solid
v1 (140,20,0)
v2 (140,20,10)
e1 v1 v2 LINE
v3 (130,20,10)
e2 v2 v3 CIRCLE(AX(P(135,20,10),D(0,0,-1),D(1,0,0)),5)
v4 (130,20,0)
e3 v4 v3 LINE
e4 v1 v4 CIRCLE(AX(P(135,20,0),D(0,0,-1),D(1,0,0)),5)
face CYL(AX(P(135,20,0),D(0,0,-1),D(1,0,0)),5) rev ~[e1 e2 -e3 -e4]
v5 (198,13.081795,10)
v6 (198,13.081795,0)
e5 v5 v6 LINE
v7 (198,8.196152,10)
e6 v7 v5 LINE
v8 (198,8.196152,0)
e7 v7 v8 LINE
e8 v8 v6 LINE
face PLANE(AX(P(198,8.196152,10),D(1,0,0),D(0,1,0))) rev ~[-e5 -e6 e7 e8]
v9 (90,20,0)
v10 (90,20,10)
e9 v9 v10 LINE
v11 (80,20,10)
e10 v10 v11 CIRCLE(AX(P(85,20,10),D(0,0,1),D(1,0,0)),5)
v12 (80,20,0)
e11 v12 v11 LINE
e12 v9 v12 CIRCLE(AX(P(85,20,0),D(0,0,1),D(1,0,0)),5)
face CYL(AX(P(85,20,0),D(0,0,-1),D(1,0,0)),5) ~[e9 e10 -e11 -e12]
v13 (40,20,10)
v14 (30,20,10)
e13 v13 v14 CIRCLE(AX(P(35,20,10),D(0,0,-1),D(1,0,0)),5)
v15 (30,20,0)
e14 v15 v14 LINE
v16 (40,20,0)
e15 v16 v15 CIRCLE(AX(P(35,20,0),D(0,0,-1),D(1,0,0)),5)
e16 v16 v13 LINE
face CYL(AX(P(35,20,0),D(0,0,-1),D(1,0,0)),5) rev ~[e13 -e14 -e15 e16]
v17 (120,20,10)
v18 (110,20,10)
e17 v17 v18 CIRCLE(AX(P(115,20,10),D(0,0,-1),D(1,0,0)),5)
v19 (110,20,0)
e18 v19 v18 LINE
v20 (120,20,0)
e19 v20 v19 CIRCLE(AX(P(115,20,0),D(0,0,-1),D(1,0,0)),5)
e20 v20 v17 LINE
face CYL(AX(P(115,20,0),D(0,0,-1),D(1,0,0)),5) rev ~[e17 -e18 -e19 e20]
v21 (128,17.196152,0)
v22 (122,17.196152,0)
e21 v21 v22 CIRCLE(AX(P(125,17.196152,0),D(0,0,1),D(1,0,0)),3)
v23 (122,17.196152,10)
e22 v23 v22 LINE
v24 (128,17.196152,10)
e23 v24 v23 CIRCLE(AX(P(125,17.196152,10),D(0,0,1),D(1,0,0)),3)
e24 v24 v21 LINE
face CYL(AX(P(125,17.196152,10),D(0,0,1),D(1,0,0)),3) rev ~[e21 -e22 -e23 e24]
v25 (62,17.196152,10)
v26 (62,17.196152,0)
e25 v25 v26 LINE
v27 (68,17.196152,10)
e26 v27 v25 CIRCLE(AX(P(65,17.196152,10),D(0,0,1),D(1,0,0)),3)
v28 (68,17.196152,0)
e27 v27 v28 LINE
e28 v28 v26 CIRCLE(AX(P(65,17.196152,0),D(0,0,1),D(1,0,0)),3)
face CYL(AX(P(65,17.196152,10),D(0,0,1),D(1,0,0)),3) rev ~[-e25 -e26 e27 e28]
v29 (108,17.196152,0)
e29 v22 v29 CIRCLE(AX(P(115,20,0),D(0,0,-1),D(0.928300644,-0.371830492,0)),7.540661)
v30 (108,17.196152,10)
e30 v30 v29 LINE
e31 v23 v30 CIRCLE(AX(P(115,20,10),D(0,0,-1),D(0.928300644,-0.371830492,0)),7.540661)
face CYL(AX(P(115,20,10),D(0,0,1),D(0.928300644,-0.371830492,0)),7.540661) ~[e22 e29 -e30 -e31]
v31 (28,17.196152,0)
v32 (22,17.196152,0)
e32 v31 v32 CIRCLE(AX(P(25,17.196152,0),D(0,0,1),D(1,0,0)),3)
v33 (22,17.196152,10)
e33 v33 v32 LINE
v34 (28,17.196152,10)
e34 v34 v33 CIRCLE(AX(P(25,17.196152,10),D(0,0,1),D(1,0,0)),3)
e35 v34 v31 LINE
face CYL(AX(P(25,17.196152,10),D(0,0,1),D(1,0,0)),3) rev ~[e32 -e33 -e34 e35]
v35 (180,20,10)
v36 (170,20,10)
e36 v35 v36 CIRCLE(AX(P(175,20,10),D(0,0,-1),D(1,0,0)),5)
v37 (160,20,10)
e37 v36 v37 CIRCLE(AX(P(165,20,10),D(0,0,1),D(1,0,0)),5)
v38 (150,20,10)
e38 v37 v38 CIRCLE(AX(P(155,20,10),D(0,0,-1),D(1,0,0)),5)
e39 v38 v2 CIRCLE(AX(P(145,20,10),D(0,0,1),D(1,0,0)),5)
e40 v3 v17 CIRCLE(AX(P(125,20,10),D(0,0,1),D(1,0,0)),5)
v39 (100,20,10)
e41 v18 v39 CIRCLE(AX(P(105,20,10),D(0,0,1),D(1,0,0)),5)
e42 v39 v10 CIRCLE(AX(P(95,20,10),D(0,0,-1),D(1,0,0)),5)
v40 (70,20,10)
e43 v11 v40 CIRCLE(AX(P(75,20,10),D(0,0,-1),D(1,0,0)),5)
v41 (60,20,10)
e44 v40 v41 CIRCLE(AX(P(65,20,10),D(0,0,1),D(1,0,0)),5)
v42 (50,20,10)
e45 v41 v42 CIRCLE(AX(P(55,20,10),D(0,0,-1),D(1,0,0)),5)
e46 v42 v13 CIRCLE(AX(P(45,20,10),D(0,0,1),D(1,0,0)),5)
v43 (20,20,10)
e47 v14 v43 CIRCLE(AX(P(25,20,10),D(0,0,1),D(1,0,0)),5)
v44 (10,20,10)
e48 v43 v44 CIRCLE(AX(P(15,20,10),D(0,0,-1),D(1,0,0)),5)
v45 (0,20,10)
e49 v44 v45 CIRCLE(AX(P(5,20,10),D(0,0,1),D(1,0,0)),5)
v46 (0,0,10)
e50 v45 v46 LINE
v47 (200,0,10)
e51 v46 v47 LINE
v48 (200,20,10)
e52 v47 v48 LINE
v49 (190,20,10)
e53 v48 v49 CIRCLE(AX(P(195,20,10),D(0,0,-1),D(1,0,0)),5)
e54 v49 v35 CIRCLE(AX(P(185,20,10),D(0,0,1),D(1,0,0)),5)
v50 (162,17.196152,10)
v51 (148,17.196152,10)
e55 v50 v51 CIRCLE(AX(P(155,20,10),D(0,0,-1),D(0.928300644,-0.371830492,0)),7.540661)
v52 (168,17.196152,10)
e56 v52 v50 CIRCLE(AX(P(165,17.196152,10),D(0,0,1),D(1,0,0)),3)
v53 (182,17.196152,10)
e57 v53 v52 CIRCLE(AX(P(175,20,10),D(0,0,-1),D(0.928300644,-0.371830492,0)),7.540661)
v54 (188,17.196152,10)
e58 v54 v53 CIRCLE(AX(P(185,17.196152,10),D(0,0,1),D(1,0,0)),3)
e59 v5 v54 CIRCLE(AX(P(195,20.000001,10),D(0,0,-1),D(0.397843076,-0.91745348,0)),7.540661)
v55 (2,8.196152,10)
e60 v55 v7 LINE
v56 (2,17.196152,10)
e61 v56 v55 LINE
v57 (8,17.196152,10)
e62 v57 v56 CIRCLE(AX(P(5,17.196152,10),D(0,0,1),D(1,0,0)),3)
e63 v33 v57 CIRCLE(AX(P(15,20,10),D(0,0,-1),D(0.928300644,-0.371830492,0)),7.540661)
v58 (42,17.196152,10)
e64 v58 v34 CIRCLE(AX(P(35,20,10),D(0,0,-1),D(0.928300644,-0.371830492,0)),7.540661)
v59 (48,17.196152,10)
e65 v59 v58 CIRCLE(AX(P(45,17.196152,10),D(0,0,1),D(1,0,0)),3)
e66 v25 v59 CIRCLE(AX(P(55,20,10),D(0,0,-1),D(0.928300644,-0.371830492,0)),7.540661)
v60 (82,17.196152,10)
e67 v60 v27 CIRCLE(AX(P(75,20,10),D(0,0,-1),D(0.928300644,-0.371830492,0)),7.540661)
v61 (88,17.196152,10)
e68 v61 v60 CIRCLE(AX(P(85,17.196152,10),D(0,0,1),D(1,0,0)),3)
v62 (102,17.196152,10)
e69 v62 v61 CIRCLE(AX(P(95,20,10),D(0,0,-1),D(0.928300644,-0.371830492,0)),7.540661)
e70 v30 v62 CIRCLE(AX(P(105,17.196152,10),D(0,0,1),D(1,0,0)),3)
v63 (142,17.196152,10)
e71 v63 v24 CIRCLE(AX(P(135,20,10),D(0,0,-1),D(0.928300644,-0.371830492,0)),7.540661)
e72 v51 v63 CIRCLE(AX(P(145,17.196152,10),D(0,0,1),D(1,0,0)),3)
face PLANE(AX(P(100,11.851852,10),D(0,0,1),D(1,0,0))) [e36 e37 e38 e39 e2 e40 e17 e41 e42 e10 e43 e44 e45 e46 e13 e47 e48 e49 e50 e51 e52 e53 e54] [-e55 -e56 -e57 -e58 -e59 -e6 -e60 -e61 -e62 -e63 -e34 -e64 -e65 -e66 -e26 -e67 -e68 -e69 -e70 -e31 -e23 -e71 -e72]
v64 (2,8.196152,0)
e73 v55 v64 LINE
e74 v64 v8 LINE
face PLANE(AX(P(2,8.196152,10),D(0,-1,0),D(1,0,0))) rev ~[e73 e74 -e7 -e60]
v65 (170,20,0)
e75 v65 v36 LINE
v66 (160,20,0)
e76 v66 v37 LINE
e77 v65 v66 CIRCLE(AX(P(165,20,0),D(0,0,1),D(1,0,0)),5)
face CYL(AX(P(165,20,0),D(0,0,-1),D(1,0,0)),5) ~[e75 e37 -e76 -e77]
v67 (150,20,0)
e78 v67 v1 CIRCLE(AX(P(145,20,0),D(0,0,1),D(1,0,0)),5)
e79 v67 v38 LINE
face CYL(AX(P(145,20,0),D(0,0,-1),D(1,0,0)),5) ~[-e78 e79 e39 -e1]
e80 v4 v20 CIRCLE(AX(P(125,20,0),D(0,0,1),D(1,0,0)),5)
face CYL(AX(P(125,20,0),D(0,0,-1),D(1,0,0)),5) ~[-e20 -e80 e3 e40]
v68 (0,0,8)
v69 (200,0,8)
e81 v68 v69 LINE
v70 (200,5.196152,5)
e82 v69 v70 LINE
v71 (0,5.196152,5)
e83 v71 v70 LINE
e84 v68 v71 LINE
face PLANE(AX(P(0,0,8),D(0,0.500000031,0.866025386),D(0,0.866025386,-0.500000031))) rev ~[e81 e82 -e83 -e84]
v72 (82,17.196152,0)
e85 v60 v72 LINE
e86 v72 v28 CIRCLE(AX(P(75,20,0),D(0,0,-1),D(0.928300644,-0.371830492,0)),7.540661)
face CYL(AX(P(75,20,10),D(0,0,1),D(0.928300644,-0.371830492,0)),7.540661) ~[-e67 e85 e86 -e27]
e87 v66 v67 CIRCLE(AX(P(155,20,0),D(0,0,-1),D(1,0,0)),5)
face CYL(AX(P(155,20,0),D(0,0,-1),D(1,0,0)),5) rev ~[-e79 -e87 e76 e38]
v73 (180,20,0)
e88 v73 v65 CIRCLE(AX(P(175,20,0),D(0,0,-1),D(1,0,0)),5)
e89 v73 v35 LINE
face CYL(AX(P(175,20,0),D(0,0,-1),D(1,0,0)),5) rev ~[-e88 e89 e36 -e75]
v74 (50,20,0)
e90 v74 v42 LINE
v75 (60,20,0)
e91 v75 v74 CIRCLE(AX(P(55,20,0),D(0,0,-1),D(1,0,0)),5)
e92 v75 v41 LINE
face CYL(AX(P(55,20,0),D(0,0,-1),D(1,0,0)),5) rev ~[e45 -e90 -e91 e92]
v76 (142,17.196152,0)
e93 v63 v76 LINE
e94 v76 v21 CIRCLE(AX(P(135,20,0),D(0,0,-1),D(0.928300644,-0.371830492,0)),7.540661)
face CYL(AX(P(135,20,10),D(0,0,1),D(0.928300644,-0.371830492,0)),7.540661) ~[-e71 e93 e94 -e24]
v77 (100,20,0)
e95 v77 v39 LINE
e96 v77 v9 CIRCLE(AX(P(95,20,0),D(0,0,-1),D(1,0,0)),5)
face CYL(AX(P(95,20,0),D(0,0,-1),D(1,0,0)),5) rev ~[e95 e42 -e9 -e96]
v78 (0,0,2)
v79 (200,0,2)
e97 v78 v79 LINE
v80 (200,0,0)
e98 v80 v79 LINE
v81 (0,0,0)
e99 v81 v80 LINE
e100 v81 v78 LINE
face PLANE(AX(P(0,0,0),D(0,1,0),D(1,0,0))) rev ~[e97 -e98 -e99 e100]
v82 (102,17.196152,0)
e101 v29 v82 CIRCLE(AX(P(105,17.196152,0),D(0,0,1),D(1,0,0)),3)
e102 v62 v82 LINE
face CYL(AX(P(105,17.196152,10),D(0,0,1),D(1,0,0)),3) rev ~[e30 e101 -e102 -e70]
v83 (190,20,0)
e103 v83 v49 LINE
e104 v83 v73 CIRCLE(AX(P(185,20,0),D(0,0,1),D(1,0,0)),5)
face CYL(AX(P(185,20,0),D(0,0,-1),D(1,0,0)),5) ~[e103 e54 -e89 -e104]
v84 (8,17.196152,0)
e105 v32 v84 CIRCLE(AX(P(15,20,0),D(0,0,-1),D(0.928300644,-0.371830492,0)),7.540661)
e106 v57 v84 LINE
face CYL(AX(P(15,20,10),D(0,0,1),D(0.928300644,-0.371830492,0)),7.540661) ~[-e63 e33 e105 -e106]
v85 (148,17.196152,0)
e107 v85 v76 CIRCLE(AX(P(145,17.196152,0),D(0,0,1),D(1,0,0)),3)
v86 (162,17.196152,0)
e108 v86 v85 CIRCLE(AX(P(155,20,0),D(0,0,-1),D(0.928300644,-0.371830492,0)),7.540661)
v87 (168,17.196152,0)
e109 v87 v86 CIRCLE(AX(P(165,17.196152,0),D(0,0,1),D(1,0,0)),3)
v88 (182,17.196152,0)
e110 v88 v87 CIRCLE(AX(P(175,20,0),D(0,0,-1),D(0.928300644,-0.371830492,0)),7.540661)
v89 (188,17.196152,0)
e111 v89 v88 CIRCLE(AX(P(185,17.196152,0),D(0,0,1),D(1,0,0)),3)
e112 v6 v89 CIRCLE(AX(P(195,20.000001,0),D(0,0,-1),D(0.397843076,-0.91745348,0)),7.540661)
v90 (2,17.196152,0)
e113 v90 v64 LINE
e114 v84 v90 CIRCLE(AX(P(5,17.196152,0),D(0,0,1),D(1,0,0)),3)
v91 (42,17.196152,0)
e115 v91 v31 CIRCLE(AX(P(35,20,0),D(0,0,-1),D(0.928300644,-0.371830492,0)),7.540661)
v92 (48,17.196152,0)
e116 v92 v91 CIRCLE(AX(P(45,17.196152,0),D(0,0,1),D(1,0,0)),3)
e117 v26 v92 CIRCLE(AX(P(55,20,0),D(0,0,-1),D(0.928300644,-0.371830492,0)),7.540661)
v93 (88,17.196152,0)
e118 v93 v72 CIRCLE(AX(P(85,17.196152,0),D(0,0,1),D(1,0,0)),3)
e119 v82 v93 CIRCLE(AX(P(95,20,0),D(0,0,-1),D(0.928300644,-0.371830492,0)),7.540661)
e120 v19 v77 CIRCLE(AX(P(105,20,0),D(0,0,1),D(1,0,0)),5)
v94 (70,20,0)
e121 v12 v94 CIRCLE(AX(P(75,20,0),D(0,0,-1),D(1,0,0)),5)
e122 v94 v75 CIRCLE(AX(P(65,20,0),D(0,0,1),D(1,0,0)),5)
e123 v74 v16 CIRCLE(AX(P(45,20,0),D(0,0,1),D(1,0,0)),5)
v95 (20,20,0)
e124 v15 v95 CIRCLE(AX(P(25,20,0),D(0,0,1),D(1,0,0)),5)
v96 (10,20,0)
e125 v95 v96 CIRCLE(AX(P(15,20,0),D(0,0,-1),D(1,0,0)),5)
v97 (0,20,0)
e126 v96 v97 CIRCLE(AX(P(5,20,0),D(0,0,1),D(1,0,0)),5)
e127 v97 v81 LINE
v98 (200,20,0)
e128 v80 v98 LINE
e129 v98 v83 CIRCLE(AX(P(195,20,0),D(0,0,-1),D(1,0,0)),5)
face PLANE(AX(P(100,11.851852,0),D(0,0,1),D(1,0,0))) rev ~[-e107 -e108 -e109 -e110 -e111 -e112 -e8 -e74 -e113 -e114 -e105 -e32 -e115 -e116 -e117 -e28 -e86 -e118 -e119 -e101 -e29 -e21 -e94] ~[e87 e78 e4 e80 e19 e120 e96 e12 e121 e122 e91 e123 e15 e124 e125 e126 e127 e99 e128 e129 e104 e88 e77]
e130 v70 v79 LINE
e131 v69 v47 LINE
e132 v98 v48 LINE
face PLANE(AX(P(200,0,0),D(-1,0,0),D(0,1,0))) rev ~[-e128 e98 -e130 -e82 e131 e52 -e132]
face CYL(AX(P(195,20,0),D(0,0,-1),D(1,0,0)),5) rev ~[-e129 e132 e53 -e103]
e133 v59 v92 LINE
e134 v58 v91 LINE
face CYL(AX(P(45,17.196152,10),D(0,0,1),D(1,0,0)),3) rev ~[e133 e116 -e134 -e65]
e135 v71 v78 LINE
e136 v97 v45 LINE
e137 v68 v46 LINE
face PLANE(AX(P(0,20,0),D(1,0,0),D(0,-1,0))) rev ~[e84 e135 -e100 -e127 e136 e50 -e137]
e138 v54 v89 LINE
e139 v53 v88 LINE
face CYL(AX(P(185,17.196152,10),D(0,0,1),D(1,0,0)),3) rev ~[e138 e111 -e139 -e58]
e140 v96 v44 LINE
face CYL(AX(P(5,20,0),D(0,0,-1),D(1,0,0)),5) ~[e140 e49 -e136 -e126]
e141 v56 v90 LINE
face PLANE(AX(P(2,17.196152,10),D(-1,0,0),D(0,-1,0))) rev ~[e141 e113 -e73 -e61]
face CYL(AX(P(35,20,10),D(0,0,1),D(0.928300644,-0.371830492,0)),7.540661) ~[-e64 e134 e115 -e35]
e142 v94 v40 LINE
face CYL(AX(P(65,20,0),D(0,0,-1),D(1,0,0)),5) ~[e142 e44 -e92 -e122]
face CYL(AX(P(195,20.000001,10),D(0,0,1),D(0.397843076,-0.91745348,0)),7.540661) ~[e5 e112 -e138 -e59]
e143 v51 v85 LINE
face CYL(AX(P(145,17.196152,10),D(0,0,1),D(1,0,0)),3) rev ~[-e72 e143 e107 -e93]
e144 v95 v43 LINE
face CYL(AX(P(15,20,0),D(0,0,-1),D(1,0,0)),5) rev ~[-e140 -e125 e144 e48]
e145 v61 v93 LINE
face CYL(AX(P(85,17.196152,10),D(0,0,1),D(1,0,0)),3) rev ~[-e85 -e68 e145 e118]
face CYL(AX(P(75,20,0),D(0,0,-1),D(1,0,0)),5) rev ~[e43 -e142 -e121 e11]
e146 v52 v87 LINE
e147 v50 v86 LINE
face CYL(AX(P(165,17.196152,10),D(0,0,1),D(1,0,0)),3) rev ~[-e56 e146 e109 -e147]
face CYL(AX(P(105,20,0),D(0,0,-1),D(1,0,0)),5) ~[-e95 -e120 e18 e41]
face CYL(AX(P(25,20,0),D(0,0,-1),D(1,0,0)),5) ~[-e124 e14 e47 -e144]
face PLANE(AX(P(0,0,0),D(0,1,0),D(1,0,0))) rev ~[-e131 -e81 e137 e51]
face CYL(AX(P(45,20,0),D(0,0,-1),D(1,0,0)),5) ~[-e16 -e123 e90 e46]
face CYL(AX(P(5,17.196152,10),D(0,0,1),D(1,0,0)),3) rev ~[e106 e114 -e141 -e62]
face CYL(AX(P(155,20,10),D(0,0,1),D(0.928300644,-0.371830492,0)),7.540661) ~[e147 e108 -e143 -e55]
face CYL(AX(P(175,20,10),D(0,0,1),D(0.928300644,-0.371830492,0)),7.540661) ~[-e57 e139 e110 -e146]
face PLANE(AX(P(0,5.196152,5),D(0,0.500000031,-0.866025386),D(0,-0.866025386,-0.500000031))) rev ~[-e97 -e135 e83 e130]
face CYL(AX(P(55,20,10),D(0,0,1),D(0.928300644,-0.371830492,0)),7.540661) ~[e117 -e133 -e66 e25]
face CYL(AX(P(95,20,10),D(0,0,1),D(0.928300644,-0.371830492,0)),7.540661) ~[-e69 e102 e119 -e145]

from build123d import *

# Parameters (mm, degrees)
F1_DEPTH = 10
F3_DEPTH = 200.001
F5_DEPTH = 10


with BuildPart() as f1:
    # F0 (on Top) → F1 (new body)
    with BuildSketch(Plane.XY):
        with BuildLine():
            ThreePointArc((20, 20), (15, 15), (10, 20))
            ThreePointArc((10, 20), (5, 25), (0, 20))
            Line((0, 20), (0, 0))
            Line((0, 0), (200, 0))
            Line((200, 0), (200, 20))
            ThreePointArc((200, 20), (195, 15), (190, 20))
            ThreePointArc((190, 20), (185, 25), (180, 20))
            ThreePointArc((180, 20), (175, 15), (170, 20))
            ThreePointArc((170, 20), (165, 25), (160, 20))
            ThreePointArc((160, 20), (155, 15), (150, 20))
            ThreePointArc((150, 20), (145, 25), (140, 20))
            ThreePointArc((140, 20), (135, 15), (130, 20))
            ThreePointArc((130, 20), (125, 25), (120, 20))
            ThreePointArc((120, 20), (115, 15), (110, 20))
            ThreePointArc((110, 20), (105, 25), (100, 20))
            ThreePointArc((100, 20), (95, 15), (90, 20))
            ThreePointArc((90, 20), (85, 25), (80, 20))
            ThreePointArc((80, 20), (75, 15), (70, 20))
            ThreePointArc((70, 20), (65, 25), (60, 20))
            ThreePointArc((60, 20), (55, 15), (50, 20))
            ThreePointArc((50, 20), (45, 25), (40, 20))
            ThreePointArc((40, 20), (35, 15), (30, 20))
            ThreePointArc((30, 20), (25, 25), (20, 20))
        make_face()
    extrude(amount=F1_DEPTH)

    # F2 (on face) → F3 (cut, through all)
    with BuildSketch(Plane(origin=(0, 0, 0), x_dir=(0, -1, 0), z_dir=(-1, 0, 0))):
        Polygon((0, 2), (0, 8), (-5.196152, 5), align=None)
    extrude(amount=-F3_DEPTH, mode=Mode.SUBTRACT)

    # F4 (on face) → F5 (cut, through all)
    with BuildSketch(Plane.XY.offset(10)):
        with BuildLine():
            ThreePointArc((8, 17.196152), (5, 20.196152), (2, 17.196152))
            Line((2, 17.196152), (2, 8.196152))
            Line((2, 8.196152), (14.824948, 8.196152))
            Line((14.824948, 8.196152), (28, 8.196152))
            Line((28, 8.196152), (198, 8.196152))
            Line((198, 8.196152), (198, 13.081795))
            ThreePointArc((198, 13.081795), (192.130857, 13.026509), (188, 17.196152))
            ThreePointArc((188, 17.196152), (185, 20.196152), (182, 17.196152))
            ThreePointArc((182, 17.196152), (175, 12.459339), (168, 17.196152))
            ThreePointArc((168, 17.196152), (165, 20.196152), (162, 17.196152))
            ThreePointArc((162, 17.196152), (155, 12.459339), (148, 17.196152))
            ThreePointArc((148, 17.196152), (145, 20.196152), (142, 17.196152))
            ThreePointArc((142, 17.196152), (135, 12.459339), (128, 17.196152))
            ThreePointArc((128, 17.196152), (125, 20.196152), (122, 17.196152))
            ThreePointArc((122, 17.196152), (115, 12.459339), (108, 17.196152))
            ThreePointArc((108, 17.196152), (105, 20.196152), (102, 17.196152))
            ThreePointArc((102, 17.196152), (95, 12.459339), (88, 17.196152))
            ThreePointArc((88, 17.196152), (85, 20.196152), (82, 17.196152))
            ThreePointArc((82, 17.196152), (75, 12.459339), (68, 17.196152))
            ThreePointArc((68, 17.196152), (65, 20.196152), (62, 17.196152))
            ThreePointArc((62, 17.196152), (55, 12.459339), (48, 17.196152))
            ThreePointArc((48, 17.196152), (45, 20.196152), (42, 17.196152))
            ThreePointArc((42, 17.196152), (35, 12.459339), (28, 17.196152))
            ThreePointArc((28, 17.196152), (25, 20.196152), (22, 17.196152))
            ThreePointArc((22, 17.196152), (15, 12.459339), (8, 17.196152))
        make_face()
    extrude(amount=-F5_DEPTH, mode=Mode.SUBTRACT)


solid = f1.part
